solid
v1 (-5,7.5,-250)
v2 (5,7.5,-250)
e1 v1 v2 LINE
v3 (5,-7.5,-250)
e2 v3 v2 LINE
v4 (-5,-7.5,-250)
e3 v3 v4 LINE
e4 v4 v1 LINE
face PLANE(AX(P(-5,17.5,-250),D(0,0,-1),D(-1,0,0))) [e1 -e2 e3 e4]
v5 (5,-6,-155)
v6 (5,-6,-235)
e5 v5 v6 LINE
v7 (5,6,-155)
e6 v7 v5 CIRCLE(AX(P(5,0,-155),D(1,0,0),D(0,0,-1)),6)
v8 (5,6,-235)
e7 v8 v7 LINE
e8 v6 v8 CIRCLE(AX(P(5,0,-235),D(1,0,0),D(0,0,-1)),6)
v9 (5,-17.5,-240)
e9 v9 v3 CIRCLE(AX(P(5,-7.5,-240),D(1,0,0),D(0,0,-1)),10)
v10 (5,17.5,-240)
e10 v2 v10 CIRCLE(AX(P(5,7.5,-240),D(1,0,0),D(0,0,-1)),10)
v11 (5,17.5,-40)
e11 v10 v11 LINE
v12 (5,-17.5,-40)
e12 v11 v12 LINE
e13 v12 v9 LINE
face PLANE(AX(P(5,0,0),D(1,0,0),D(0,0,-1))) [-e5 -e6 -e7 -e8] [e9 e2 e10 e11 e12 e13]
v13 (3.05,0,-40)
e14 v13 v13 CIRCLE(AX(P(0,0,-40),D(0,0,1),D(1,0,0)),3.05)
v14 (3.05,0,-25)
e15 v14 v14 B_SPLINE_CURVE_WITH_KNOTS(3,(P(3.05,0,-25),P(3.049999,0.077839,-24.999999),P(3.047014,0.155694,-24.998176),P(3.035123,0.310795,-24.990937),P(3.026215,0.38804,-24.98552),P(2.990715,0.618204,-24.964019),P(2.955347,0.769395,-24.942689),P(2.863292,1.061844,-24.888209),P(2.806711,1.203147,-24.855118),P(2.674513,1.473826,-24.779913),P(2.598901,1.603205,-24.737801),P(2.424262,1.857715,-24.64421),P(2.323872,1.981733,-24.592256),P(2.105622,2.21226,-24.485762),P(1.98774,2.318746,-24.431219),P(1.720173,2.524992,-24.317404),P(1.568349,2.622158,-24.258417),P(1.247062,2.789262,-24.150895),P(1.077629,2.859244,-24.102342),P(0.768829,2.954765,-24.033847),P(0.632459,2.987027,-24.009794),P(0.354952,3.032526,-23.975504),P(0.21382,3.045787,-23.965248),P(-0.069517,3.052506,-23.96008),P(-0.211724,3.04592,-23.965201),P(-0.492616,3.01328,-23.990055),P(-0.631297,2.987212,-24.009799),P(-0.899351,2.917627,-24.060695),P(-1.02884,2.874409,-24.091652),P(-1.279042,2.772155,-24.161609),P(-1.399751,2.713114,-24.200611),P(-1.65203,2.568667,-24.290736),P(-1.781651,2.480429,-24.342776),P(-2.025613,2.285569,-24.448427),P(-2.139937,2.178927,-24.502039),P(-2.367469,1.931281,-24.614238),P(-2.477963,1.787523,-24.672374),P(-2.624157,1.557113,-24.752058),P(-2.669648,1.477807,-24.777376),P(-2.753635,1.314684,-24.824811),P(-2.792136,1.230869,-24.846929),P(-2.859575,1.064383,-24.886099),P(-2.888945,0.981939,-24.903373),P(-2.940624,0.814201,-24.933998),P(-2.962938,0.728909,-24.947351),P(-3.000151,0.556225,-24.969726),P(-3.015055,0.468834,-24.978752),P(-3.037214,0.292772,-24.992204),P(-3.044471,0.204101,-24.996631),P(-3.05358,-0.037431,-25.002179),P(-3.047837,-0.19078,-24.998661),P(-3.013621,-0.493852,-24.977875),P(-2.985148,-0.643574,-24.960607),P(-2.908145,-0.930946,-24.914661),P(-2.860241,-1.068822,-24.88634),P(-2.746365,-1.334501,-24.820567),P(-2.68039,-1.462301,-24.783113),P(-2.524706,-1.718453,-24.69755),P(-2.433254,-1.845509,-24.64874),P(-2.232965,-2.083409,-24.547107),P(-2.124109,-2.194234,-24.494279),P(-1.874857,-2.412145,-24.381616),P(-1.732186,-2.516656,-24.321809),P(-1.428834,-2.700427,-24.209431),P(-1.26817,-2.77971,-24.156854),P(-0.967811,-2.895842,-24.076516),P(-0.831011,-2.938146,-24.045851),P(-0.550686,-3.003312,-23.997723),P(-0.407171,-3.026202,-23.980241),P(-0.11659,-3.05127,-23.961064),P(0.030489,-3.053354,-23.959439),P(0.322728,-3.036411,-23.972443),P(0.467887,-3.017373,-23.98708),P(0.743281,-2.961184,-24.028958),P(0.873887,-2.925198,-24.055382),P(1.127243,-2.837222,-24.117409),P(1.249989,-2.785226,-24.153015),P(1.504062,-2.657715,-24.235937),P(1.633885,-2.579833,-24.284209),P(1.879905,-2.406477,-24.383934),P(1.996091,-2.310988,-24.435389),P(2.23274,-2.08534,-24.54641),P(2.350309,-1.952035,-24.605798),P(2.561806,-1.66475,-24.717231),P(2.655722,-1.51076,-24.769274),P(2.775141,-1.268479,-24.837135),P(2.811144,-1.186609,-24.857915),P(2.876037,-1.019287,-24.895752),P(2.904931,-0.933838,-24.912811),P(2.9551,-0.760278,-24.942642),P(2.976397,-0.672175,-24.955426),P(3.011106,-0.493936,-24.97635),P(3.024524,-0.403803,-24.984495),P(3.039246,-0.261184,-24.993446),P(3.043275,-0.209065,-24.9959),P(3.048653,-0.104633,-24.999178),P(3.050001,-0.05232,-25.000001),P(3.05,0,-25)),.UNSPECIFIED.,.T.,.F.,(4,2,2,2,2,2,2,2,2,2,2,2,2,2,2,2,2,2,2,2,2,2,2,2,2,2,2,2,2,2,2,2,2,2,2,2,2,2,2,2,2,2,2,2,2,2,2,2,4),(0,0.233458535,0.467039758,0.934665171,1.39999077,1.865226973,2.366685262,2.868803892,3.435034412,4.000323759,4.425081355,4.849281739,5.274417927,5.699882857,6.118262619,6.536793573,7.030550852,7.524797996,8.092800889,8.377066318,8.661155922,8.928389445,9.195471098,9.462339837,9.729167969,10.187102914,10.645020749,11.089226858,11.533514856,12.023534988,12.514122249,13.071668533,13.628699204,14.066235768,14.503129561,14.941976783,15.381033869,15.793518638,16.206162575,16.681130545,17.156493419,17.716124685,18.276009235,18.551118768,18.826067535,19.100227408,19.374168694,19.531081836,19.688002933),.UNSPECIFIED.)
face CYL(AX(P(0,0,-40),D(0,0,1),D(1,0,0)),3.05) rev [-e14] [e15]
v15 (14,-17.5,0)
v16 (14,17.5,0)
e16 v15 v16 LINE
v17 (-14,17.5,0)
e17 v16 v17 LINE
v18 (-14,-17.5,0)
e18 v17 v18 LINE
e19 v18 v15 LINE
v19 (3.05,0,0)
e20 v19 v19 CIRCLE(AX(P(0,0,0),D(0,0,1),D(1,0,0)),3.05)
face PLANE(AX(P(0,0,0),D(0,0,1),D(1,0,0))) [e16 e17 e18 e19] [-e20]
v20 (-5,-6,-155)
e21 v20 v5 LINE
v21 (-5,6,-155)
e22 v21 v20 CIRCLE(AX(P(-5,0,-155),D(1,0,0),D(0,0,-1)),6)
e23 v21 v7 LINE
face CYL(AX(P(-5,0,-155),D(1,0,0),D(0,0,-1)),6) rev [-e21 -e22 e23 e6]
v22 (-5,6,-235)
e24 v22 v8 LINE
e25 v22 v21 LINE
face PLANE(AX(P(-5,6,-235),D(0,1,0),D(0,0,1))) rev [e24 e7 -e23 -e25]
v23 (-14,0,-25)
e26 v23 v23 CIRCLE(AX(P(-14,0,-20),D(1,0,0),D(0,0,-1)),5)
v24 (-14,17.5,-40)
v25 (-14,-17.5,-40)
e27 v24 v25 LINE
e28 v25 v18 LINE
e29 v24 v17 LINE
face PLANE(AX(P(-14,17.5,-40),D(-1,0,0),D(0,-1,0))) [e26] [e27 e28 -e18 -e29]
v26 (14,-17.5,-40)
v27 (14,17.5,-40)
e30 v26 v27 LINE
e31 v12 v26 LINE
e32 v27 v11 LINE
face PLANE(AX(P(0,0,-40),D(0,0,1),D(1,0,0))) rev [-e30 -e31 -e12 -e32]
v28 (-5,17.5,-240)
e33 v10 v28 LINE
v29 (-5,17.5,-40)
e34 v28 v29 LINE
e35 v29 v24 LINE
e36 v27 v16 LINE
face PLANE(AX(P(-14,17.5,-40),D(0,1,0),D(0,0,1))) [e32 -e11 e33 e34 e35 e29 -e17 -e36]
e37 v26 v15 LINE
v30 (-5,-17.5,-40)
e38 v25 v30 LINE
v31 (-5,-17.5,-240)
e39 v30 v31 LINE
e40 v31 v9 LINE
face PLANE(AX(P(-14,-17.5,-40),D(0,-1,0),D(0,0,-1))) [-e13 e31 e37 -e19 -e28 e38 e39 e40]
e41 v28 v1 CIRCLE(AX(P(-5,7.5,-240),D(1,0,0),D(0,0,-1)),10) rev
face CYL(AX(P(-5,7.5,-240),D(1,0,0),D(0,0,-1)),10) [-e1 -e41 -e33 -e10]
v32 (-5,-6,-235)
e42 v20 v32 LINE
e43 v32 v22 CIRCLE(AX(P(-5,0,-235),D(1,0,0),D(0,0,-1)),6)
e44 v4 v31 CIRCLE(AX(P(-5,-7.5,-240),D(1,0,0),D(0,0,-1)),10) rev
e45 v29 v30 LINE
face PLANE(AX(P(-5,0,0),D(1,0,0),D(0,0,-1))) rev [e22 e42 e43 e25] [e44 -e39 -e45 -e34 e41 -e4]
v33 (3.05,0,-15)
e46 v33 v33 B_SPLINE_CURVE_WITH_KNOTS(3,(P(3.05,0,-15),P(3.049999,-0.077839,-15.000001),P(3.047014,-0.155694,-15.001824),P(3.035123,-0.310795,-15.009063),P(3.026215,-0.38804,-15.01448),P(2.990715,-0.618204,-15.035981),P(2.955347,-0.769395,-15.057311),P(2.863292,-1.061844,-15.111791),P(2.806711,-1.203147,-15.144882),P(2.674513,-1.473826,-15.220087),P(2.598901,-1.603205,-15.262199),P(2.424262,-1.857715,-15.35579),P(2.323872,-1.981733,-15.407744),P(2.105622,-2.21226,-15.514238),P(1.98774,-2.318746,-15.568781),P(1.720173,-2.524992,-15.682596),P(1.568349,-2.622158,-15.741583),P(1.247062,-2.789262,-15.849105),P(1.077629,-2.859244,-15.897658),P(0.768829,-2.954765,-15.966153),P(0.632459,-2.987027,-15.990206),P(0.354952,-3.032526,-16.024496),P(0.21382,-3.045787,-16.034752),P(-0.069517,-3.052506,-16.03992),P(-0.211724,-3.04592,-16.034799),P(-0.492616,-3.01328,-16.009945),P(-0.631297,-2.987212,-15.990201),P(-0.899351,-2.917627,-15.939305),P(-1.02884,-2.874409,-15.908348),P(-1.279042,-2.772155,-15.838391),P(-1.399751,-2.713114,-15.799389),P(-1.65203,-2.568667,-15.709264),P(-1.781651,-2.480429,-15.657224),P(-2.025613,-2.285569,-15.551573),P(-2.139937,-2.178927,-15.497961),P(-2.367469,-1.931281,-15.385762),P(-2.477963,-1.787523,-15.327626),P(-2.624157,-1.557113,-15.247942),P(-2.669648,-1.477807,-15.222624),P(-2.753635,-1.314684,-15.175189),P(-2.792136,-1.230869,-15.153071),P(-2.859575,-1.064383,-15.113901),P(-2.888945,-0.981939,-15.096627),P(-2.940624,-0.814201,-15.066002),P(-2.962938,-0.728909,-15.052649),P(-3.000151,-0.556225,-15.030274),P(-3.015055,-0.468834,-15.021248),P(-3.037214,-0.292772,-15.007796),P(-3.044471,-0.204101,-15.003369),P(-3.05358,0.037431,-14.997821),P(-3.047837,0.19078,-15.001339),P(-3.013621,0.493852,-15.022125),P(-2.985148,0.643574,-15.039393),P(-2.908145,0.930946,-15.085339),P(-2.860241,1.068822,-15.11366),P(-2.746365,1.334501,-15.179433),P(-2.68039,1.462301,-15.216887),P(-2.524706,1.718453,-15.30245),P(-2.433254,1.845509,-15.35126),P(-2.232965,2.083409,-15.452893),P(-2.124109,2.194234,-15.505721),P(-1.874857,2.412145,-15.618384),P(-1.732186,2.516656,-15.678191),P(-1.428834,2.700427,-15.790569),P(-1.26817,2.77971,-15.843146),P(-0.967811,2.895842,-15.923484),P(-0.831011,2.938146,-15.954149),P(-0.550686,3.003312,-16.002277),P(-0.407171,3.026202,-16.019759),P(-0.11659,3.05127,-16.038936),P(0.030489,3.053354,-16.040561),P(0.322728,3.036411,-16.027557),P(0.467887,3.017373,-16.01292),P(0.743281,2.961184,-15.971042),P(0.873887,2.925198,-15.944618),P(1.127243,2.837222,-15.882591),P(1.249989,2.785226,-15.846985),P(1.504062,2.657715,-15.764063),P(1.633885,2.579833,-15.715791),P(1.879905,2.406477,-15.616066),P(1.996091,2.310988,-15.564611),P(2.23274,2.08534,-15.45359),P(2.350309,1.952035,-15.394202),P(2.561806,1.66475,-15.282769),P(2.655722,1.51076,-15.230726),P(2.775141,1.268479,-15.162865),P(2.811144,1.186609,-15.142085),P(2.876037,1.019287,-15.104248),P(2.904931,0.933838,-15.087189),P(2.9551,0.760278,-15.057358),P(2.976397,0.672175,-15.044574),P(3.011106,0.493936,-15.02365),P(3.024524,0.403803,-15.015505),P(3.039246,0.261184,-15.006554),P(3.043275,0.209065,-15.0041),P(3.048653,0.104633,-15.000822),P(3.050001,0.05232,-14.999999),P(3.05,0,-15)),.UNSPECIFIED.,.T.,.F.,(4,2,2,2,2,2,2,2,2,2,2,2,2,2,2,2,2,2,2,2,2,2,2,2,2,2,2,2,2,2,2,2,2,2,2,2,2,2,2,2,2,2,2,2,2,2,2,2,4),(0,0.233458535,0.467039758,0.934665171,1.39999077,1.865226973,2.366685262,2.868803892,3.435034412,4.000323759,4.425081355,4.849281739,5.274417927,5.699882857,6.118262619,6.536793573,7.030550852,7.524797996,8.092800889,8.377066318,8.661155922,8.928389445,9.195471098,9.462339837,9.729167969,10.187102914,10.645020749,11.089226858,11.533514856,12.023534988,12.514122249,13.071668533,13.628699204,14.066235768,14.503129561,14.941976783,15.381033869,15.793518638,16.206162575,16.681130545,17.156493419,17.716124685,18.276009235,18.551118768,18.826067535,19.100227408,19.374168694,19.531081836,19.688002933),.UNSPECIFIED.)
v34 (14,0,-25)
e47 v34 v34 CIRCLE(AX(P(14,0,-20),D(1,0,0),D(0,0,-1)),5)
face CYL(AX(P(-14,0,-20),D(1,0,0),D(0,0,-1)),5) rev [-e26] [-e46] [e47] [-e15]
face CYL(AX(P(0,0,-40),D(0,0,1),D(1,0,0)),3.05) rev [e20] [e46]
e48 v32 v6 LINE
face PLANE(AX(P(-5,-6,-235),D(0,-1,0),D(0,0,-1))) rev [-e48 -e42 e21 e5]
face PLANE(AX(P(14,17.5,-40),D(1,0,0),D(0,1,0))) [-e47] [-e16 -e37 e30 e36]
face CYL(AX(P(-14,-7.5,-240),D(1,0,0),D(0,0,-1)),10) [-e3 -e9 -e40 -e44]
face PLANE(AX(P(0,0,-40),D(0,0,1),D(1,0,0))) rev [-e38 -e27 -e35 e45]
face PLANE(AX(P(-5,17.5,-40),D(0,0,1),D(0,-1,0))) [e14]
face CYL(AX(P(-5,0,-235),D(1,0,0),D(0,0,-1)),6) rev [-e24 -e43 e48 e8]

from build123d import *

# Parameters (mm, degrees)
SKETCH1_W                = 28
SKETCH1_H                = 35
SKETCH1_R                = 3.05
BOSS_EXTRUDE1_DEPTH      = 40
CUT_EXTRUDE1_DEPTH       = 46.85029989
CUT_EXTRUDE1_DEPTH_BACK  = 46.85029989
SKETCH2_R                = 5
BOSS_EXTRUDE2_DEPTH      = 5
BOSS_EXTRUDE2_DEPTH_BACK = 5
SKETCH4_W                = 210
SKETCH4_H                = 35
FILLET1_R                = 10


with BuildPart() as part:
    # Sketch1 → Boss-Extrude1 (new body)
    with BuildSketch(Plane.XY):
        Rectangle(SKETCH1_W, SKETCH1_H)
        Circle(SKETCH1_R, mode=Mode.SUBTRACT)
    extrude(amount=-BOSS_EXTRUDE1_DEPTH)

    # Sketch2 → Cut-Extrude1 (cut, two sides: drawn at the far end of the back side and taken through both)
    with BuildSketch(Plane(origin=(0, 0, 0), x_dir=(0, 0, -1), z_dir=(1, 0, 0)).offset(-CUT_EXTRUDE1_DEPTH_BACK)):
        with Locations((20, 0)):
            Circle(SKETCH2_R)
    extrude(amount=CUT_EXTRUDE1_DEPTH + CUT_EXTRUDE1_DEPTH_BACK, mode=Mode.SUBTRACT)

    # Sketch4 → Boss-Extrude2 (add, two sides: drawn at the far end of the back side and taken through both)
    with BuildSketch(Plane(origin=(0, 0, 0), x_dir=(0, 0, -1), z_dir=(1, 0, 0)).offset(-BOSS_EXTRUDE2_DEPTH_BACK)):
        with Locations((145, 0)):
            Rectangle(SKETCH4_W, SKETCH4_H)
        with BuildLine():
            Line((235, -6), (155, -6))
            ThreePointArc((155, -6), (149, 0), (155, 6))
            Line((155, 6), (235, 6))
            ThreePointArc((235, 6), (241, 0), (235, -6))
        make_face(mode=Mode.SUBTRACT)
    extrude(amount=BOSS_EXTRUDE2_DEPTH + BOSS_EXTRUDE2_DEPTH_BACK)

    # Fillet1
    fillet1_edges = [part.edges().sort_by_distance(p)[0] for p in [
        (0, 17.5, -250),
        (0, -17.5, -250),
    ]]
    fillet(fillet1_edges, radius=FILLET1_R)


solid = part.part
